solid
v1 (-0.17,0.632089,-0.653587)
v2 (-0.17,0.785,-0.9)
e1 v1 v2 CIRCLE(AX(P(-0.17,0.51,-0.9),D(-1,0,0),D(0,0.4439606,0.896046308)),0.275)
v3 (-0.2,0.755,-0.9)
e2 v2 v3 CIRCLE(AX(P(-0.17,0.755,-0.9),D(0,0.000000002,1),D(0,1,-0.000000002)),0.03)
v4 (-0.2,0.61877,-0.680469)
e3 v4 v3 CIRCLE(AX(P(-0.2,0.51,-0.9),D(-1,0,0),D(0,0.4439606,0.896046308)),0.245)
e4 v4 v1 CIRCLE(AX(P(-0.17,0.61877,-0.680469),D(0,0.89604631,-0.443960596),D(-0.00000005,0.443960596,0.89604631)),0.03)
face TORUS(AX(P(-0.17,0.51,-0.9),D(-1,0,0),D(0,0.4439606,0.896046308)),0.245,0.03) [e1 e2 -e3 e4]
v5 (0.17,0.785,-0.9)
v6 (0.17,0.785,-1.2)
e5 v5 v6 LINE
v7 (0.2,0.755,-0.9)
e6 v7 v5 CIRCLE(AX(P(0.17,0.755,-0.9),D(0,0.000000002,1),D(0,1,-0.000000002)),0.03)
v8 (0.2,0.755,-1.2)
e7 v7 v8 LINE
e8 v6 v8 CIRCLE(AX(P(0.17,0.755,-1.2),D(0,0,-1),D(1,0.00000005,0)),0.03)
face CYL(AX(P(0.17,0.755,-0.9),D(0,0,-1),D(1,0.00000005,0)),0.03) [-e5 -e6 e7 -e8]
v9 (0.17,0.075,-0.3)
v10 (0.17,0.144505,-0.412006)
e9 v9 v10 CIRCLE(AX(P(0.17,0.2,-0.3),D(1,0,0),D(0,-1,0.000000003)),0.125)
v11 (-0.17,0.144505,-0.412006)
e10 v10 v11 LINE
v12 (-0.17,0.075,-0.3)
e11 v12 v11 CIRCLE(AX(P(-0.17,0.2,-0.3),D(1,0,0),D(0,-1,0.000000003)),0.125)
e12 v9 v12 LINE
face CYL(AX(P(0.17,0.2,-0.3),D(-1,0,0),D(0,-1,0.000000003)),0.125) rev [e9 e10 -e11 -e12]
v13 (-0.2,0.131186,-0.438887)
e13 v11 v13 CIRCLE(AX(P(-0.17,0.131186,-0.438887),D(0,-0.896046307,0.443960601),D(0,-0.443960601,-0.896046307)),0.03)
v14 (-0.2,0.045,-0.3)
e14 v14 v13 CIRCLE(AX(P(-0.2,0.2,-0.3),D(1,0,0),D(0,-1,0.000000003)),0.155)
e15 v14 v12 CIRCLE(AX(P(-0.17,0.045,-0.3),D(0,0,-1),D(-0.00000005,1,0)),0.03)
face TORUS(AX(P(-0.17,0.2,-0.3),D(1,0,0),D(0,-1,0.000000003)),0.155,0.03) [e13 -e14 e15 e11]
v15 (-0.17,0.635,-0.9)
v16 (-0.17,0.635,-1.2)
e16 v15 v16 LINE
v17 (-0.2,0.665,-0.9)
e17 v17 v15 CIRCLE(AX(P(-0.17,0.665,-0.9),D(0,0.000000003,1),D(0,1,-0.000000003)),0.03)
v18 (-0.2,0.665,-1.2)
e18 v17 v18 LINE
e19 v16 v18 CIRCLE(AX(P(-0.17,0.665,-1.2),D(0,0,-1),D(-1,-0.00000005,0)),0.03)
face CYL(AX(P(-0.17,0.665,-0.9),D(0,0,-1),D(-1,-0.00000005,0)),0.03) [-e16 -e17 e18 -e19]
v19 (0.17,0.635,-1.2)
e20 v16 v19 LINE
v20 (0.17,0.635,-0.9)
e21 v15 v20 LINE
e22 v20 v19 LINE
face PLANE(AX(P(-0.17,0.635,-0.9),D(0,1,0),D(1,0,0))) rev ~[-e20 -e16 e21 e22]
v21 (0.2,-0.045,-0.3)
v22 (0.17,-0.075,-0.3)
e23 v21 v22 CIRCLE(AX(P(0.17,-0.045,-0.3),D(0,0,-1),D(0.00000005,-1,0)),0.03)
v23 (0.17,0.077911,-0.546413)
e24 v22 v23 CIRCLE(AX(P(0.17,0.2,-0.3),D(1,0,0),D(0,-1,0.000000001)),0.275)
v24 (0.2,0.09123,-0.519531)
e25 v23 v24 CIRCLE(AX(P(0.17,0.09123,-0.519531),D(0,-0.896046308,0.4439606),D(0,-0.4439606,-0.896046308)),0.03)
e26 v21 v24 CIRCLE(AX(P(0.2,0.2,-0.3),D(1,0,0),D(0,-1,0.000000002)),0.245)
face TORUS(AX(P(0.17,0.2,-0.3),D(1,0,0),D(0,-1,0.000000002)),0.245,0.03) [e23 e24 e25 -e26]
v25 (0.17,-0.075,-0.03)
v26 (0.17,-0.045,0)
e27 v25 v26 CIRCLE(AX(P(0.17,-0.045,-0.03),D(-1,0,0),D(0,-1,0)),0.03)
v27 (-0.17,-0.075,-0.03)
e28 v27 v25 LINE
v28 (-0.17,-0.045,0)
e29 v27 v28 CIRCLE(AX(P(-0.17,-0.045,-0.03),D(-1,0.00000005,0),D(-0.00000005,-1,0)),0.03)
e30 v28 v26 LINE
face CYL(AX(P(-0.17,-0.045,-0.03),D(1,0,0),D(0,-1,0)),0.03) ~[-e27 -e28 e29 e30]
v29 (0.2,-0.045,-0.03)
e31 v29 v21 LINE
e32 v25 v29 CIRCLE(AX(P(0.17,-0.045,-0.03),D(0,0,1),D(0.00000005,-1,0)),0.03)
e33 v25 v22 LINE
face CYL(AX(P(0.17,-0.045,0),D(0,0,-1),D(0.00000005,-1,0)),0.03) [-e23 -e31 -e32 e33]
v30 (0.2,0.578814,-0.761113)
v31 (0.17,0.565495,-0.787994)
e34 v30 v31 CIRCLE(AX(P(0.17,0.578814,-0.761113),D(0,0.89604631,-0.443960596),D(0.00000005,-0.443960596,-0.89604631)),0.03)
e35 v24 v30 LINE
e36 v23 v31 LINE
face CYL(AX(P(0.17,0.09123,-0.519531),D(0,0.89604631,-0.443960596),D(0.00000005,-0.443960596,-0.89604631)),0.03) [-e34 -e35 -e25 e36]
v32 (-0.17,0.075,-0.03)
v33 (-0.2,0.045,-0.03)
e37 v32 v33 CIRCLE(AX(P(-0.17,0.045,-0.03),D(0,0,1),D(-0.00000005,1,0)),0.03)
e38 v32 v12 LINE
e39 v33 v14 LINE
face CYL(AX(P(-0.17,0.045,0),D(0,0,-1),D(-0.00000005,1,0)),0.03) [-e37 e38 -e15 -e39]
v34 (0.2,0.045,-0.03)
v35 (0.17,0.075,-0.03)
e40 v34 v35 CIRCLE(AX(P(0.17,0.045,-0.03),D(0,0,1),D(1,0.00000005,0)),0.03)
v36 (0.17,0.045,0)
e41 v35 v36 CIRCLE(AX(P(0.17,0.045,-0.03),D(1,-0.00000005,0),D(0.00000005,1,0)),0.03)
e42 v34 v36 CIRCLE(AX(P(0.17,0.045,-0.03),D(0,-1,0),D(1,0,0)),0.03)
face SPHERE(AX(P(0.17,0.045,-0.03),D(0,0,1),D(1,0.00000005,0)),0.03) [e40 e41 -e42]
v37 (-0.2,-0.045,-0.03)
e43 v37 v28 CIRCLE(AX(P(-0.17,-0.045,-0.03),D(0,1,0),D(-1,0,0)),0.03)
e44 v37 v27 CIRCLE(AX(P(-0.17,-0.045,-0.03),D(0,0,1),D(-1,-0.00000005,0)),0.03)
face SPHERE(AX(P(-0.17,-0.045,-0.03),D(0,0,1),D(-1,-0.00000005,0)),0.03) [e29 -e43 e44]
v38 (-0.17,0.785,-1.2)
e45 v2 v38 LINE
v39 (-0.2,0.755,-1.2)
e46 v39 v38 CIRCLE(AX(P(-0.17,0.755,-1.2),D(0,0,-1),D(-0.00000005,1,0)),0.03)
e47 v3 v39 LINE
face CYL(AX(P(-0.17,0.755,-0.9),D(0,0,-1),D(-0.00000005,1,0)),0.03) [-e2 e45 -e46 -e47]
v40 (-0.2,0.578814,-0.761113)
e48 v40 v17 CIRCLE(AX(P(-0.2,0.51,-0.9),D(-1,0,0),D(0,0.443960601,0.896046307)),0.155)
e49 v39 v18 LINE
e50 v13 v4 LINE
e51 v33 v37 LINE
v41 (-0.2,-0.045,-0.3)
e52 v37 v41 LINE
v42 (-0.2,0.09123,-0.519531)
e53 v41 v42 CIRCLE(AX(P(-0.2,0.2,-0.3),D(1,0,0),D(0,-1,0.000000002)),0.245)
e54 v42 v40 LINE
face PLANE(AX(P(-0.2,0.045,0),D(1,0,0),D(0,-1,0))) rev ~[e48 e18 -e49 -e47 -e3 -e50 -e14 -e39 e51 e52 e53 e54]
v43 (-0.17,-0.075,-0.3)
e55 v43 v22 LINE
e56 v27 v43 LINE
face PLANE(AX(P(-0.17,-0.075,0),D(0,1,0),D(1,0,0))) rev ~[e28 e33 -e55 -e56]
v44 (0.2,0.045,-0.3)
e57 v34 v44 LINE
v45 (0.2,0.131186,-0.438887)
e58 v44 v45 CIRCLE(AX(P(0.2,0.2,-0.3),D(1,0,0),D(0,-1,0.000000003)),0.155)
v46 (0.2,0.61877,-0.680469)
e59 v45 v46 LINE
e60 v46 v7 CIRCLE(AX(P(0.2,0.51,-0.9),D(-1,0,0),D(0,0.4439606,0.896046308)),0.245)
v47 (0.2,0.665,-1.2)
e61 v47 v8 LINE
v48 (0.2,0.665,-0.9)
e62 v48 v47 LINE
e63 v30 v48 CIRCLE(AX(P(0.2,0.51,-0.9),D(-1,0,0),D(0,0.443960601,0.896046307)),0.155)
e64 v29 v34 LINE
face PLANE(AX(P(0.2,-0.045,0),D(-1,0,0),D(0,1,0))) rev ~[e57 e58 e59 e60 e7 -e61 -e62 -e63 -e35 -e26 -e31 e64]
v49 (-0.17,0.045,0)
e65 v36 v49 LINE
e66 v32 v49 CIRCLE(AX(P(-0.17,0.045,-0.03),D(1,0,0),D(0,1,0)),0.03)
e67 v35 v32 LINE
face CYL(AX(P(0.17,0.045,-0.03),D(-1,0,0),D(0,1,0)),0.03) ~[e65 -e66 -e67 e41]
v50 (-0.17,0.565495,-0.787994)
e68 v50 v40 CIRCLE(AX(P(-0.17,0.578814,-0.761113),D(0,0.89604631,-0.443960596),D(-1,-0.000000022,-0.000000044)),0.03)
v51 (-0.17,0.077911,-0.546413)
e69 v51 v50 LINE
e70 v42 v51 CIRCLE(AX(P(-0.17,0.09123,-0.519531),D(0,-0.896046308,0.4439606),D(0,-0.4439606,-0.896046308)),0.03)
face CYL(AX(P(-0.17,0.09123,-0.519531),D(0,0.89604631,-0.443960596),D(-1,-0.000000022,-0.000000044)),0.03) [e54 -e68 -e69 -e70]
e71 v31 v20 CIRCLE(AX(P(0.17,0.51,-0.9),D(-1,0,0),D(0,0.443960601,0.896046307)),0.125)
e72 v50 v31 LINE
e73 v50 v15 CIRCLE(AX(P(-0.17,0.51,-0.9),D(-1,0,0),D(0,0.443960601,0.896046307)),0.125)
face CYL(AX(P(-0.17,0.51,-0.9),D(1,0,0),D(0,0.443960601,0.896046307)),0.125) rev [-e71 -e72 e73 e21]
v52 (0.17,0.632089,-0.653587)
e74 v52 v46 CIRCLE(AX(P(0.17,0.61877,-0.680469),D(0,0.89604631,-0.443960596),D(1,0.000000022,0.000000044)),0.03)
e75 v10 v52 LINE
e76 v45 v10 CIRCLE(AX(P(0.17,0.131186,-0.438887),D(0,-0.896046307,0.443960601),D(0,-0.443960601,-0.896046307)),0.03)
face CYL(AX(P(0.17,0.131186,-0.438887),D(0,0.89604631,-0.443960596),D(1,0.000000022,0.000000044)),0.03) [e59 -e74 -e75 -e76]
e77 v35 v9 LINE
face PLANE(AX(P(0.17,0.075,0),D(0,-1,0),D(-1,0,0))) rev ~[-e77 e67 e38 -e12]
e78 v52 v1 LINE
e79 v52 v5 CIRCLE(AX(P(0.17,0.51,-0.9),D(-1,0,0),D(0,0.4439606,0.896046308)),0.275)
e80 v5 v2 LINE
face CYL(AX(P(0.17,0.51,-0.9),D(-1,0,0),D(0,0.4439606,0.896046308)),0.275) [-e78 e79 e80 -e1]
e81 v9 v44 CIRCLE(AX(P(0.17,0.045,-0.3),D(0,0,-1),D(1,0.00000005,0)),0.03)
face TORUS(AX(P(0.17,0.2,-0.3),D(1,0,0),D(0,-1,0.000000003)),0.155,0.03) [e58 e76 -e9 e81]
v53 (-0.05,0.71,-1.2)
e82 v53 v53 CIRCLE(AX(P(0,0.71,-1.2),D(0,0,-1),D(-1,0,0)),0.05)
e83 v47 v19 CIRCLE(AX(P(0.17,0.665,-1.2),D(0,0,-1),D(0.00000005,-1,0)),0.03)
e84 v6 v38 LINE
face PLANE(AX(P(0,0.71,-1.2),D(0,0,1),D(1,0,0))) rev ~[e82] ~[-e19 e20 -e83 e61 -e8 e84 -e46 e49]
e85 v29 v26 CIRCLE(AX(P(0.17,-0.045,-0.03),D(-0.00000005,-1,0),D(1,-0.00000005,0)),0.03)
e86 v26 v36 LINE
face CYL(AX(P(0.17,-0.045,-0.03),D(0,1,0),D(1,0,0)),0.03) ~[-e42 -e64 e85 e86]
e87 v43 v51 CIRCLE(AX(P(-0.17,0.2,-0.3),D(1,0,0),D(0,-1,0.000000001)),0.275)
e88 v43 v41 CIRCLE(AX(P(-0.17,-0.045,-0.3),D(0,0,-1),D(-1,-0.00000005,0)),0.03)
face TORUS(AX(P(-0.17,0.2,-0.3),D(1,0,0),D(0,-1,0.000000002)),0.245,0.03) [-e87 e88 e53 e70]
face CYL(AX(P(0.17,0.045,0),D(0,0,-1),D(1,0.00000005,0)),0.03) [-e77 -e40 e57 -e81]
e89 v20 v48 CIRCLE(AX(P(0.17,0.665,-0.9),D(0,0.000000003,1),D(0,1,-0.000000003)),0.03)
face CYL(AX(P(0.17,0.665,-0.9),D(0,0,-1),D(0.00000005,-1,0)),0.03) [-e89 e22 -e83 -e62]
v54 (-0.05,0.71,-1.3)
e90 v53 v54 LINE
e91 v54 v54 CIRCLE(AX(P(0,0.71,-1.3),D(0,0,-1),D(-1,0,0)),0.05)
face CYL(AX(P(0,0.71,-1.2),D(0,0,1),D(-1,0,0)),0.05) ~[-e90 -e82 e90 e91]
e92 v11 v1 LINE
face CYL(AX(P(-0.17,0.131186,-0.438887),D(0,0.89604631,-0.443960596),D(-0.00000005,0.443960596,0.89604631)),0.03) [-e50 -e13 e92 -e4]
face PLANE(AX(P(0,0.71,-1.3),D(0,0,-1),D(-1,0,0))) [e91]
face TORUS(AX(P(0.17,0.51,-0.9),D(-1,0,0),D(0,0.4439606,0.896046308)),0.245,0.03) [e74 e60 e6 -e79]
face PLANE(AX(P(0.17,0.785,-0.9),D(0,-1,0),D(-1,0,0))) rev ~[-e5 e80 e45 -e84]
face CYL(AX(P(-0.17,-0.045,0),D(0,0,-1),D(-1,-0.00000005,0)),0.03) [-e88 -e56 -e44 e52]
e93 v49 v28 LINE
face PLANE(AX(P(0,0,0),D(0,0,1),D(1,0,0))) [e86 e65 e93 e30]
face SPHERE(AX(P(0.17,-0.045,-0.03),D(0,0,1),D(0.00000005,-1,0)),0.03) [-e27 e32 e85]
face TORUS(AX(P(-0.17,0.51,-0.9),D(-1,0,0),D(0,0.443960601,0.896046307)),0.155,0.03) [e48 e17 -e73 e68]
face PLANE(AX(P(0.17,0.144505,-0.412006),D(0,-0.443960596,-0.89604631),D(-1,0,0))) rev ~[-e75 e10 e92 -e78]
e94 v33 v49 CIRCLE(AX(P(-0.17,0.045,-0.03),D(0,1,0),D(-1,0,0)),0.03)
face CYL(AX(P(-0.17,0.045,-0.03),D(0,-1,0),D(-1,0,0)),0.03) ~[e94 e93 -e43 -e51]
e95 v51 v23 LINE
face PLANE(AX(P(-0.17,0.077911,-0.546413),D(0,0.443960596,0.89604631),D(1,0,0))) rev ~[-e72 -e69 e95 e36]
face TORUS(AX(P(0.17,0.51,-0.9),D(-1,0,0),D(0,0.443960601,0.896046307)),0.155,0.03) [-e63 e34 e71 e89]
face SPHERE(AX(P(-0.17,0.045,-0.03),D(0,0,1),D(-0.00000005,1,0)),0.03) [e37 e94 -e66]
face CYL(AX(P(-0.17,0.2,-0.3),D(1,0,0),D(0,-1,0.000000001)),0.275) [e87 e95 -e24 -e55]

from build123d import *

# Parameters (mm, degrees)
FILETE2_R                = 0.03
ESBO_O3_R                = 0.05
RESSALTO_EXTRUS_O1_DEPTH = 0.1


with BuildPart() as part:
    # Varredura1: sweep along a path in Esboço2
    with BuildLine(Plane(origin=(0, 0, 0), x_dir=(0, 0, -1), z_dir=(1, 0, 0))) as varredura1_path:
        Line((0, 0), (0.3, 0))
        ThreePointArc((0.3, 0), (0.405455147, 0.030061152), (0.479209262, 0.11120788))
        Line((0.479209262, 0.11120788), (0.720790738, 0.59879212))
        ThreePointArc((0.720790738, 0.59879212), (0.794544853, 0.679938848), (0.9, 0.71))
        Line((0.9, 0.71), (1.2, 0.71))
    # Esboço1 → Varredura1 (sweep)
    with BuildSketch(Plane.XY):
        with BuildLine():
            Line((-0.17, -0.075), (0.17, -0.075))
            ThreePointArc((0.17, -0.075), (0.191213203, -0.066213203), (0.2, -0.045))
            Line((0.2, -0.045), (0.2, 0.045))
            ThreePointArc((0.2, 0.045), (0.191213203, 0.066213203), (0.17, 0.075))
            Line((0.17, 0.075), (-0.17, 0.075))
            ThreePointArc((-0.17, 0.075), (-0.191213203, 0.066213203), (-0.2, 0.045))
            Line((-0.2, 0.045), (-0.2, -0.045))
            ThreePointArc((-0.2, -0.045), (-0.191213203, -0.066213203), (-0.17, -0.075))
        make_face()
    sweep(path=varredura1_path.line)

    # Filete2
    filete2_edges = [part.edges().sort_by_distance(p)[0] for p in [
        (-0.2, 0, 0),
        (-0.191213203, 0.066213203, 0),
        (0, 0.075, 0),
        (0.191213203, 0.066213203, 0),
        (0.2, 0, 0),
        (0.191213203, -0.066213203, 0),
        (0, -0.075, 0),
        (-0.191213203, -0.066213203, 0),
    ]]
    fillet(filete2_edges, radius=FILETE2_R)

    # Esboço3 → Ressalto-extrusão1 (add)
    with BuildSketch(Plane(origin=(0, 0, -1.2), x_dir=(-1, 0, 0), z_dir=(0, 0, -1))):
        with Locations((0, 0.71)):
            Circle(ESBO_O3_R)
    extrude(amount=RESSALTO_EXTRUS_O1_DEPTH)


solid = part.part
